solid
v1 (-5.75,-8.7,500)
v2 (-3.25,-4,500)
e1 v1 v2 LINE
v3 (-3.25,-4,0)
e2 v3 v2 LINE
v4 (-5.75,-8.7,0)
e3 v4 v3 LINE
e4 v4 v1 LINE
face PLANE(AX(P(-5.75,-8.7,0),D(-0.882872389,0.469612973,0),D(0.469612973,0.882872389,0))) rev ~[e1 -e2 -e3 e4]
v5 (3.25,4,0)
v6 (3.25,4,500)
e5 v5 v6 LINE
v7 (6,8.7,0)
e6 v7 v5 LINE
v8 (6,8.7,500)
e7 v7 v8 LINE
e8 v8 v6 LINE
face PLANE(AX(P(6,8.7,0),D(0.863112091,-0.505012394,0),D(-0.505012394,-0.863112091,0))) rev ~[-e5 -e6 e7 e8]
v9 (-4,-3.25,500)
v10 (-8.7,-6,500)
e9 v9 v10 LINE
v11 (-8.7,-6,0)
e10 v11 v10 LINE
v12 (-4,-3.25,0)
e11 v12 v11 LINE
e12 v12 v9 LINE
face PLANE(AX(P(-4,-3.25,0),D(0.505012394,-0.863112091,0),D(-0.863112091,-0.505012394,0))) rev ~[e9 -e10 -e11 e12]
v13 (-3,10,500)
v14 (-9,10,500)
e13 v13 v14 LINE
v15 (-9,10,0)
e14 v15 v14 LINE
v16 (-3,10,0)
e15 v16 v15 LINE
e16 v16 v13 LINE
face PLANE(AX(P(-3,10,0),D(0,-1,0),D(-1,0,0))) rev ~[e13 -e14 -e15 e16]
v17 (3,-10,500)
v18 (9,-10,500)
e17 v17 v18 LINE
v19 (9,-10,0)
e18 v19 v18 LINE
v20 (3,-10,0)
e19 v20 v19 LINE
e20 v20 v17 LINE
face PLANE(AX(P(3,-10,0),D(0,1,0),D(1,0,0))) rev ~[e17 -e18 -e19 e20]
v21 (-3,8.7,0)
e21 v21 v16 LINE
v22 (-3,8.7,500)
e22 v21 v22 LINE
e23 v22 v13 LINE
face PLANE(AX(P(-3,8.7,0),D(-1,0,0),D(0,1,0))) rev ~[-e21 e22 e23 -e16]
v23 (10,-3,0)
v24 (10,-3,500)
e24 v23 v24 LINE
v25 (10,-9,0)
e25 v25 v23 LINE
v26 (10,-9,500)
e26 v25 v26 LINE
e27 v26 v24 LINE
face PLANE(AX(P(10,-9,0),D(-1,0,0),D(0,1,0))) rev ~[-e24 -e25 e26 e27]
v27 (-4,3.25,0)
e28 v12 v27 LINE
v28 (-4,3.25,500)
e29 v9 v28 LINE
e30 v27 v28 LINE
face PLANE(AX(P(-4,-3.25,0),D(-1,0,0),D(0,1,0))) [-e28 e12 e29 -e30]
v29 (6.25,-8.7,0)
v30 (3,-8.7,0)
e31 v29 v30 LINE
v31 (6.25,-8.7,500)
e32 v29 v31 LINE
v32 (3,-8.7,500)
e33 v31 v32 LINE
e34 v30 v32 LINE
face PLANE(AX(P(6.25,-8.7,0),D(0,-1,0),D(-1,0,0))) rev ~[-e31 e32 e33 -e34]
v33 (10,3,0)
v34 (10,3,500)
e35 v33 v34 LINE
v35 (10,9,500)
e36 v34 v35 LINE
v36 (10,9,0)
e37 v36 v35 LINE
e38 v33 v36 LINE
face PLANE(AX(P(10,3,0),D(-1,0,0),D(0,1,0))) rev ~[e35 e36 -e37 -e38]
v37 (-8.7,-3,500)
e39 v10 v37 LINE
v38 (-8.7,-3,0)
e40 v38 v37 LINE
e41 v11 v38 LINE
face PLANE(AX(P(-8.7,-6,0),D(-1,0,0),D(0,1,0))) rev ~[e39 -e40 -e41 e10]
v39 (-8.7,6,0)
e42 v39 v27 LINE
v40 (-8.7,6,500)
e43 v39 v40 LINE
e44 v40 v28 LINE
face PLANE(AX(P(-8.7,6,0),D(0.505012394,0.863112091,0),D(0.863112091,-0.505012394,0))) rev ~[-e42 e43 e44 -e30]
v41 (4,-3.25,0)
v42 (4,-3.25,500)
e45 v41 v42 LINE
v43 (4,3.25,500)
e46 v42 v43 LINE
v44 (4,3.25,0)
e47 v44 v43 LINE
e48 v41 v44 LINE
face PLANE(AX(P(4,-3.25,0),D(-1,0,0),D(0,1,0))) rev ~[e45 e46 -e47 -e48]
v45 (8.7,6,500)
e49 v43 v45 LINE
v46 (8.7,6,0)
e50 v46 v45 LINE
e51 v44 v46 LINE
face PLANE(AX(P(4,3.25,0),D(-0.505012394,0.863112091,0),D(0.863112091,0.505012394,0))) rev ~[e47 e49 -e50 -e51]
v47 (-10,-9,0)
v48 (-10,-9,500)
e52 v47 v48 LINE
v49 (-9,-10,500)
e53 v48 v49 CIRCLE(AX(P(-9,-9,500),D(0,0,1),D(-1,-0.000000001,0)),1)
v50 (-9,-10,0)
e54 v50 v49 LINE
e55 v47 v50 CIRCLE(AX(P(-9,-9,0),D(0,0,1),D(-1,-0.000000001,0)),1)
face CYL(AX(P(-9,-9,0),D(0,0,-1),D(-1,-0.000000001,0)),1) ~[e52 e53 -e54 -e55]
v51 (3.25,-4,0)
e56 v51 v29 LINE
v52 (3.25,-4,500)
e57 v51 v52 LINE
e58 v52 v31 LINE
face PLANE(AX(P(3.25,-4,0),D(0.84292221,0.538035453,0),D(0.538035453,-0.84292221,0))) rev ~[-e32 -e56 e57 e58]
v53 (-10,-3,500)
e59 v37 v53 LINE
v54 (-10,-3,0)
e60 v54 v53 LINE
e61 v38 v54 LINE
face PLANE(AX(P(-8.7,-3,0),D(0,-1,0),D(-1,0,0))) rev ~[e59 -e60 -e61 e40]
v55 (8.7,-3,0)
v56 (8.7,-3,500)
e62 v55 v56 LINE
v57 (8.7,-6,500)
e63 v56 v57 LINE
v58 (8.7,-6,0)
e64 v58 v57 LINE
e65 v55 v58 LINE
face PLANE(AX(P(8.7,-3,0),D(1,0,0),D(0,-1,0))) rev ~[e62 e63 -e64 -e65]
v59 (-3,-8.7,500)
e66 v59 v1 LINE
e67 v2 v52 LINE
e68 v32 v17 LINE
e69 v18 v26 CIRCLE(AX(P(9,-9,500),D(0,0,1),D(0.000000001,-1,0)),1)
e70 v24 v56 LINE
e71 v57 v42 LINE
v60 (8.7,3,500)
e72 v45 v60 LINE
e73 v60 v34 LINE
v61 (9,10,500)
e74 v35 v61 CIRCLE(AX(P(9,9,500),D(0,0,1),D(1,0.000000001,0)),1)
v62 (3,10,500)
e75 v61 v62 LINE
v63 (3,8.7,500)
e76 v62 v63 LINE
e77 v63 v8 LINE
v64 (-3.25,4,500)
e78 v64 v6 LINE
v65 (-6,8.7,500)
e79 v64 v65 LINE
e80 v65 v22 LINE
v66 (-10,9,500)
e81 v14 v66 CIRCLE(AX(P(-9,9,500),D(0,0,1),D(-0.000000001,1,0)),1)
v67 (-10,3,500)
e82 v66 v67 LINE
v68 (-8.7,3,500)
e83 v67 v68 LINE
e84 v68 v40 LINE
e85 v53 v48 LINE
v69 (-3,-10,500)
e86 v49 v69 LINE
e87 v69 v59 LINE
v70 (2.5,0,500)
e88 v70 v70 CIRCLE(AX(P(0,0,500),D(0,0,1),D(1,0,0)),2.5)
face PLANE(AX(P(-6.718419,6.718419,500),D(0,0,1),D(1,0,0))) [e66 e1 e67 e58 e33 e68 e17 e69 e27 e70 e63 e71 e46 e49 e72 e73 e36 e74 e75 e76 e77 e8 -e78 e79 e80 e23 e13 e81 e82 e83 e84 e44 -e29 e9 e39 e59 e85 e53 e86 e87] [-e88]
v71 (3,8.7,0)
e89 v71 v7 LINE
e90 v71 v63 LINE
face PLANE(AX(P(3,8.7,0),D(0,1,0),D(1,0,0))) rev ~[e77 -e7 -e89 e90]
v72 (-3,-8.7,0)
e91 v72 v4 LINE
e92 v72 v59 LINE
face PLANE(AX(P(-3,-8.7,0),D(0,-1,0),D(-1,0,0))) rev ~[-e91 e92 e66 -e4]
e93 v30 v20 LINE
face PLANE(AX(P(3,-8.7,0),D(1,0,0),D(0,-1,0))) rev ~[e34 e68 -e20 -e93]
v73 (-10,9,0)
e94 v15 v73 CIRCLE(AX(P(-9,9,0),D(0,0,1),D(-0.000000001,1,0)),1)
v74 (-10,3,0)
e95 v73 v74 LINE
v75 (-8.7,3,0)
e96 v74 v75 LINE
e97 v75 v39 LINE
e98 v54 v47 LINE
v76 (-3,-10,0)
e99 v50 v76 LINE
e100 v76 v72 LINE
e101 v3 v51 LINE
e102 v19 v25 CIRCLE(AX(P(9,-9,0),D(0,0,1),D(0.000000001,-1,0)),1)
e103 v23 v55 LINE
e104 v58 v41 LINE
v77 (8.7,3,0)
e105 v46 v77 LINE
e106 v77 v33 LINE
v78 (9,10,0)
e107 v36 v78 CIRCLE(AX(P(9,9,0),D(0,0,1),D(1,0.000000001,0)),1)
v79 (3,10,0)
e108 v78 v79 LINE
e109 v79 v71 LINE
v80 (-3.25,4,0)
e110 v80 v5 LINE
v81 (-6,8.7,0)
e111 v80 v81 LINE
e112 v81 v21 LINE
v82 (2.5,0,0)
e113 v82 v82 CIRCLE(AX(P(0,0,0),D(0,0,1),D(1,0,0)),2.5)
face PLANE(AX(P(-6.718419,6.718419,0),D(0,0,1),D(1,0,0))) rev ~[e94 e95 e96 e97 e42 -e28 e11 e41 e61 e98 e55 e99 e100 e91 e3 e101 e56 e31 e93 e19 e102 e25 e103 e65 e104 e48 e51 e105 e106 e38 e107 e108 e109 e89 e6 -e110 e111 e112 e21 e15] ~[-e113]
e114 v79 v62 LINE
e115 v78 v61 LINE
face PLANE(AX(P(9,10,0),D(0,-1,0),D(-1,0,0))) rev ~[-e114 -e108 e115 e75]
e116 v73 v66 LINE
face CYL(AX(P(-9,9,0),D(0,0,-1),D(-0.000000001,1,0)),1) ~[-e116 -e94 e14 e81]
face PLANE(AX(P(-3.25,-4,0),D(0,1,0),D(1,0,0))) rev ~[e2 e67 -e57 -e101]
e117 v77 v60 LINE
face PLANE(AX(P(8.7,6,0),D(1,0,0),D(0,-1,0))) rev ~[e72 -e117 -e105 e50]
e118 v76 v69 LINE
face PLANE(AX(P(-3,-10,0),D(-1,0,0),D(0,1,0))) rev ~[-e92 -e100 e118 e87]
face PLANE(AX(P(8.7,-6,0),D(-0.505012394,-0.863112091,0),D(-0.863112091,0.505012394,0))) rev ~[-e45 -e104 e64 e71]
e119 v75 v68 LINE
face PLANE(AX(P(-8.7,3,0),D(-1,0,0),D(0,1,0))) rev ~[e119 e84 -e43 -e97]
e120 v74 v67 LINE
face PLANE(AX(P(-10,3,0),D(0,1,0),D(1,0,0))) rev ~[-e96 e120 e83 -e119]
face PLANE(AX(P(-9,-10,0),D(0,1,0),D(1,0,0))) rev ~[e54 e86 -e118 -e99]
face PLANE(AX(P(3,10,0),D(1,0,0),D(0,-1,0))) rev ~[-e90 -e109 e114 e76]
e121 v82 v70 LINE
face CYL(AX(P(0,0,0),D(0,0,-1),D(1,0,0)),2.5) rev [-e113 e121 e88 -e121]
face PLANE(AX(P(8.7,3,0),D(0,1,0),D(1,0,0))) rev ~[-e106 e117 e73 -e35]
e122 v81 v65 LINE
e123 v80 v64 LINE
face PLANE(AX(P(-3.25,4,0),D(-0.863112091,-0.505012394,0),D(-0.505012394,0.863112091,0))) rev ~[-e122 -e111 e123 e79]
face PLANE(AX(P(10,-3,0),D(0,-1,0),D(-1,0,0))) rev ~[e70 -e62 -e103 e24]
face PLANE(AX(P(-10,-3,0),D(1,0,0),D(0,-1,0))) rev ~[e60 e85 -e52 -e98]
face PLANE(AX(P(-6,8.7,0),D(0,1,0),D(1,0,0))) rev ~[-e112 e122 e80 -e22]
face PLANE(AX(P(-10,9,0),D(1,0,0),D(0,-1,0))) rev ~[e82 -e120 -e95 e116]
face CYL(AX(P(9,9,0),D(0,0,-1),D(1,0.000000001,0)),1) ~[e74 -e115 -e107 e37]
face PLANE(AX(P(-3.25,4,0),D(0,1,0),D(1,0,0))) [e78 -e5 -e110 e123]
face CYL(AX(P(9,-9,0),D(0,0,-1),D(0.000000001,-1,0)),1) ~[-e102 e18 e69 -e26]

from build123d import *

# Parameters (mm, degrees)
CROQUIS1_W              = 8
CROQUIS1_H              = 8
CROQUIS1_R              = 2.5
SALIENTE_EXTRUIR4_DEPTH = 500


with BuildPart() as part:
    # Croquis1 → Saliente-Extruir4 (new body)
    with BuildSketch(Plane.XY):
        with BuildLine():
            Line((-3, 8.7), (-3, 10))
            Line((-3, 10), (-9, 10))
            ThreePointArc((-9, 10), (-9.707106781, 9.707106781), (-10, 9))
            Line((-10, 9), (-10, 3))
            Line((-10, 3), (-8.7, 3))
            Line((-8.7, 3), (-8.7, 6))
            Line((-8.7, 6), (-4, 3.25))
            Line((-4, 3.25), (-4, 4))
            Line((-4, 4), (-3.25, 4))
            Line((-3.25, 4), (-6, 8.7))
            Line((-6, 8.7), (-3, 8.7))
        make_face()
        with BuildLine():
            Line((9, 10), (3, 10))
            Line((3, 10), (3, 8.7))
            Line((3, 8.7), (6, 8.7))
            Line((6, 8.7), (3.25, 4))
            Line((3.25, 4), (4, 4))
            Line((4, 4), (4, 3.25))
            Line((4, 3.25), (8.7, 6))
            Line((8.7, 6), (8.7, 3))
            Line((8.7, 3), (10, 3))
            Line((10, 3), (10, 9))
            ThreePointArc((10, 9), (9.707106781, 9.707106781), (9, 10))
        make_face()
        with BuildLine():
            Line((10, -9), (10, -3))
            Line((10, -3), (8.7, -3))
            Line((8.7, -3), (8.7, -6))
            Line((8.7, -6), (4, -3.25))
            Line((4, -3.25), (4, -4))
            Line((4, -4), (3.25, -4))
            Line((3.25, -4), (6.25, -8.7))
            Line((6.25, -8.7), (3, -8.7))
            Line((3, -8.7), (3, -10))
            Line((3, -10), (9, -10))
            ThreePointArc((9, -10), (9.707106781, -9.707106781), (10, -9))
        make_face()
        with BuildLine():
            Line((-8.7, -3), (-10, -3))
            Line((-10, -3), (-10, -9))
            ThreePointArc((-10, -9), (-9.707106781, -9.707106781), (-9, -10))
            Line((-9, -10), (-3, -10))
            Line((-3, -10), (-3, -8.7))
            Line((-3, -8.7), (-5.75, -8.7))
            Line((-5.75, -8.7), (-3.25, -4))
            Line((-3.25, -4), (-4, -4))
            Line((-4, -4), (-4, -3.25))
            Line((-4, -3.25), (-8.7, -6))
            Line((-8.7, -6), (-8.7, -3))
        make_face()
        Rectangle(CROQUIS1_W, CROQUIS1_H)
        Circle(CROQUIS1_R, mode=Mode.SUBTRACT)
    extrude(amount=SALIENTE_EXTRUIR4_DEPTH)


solid = part.part
